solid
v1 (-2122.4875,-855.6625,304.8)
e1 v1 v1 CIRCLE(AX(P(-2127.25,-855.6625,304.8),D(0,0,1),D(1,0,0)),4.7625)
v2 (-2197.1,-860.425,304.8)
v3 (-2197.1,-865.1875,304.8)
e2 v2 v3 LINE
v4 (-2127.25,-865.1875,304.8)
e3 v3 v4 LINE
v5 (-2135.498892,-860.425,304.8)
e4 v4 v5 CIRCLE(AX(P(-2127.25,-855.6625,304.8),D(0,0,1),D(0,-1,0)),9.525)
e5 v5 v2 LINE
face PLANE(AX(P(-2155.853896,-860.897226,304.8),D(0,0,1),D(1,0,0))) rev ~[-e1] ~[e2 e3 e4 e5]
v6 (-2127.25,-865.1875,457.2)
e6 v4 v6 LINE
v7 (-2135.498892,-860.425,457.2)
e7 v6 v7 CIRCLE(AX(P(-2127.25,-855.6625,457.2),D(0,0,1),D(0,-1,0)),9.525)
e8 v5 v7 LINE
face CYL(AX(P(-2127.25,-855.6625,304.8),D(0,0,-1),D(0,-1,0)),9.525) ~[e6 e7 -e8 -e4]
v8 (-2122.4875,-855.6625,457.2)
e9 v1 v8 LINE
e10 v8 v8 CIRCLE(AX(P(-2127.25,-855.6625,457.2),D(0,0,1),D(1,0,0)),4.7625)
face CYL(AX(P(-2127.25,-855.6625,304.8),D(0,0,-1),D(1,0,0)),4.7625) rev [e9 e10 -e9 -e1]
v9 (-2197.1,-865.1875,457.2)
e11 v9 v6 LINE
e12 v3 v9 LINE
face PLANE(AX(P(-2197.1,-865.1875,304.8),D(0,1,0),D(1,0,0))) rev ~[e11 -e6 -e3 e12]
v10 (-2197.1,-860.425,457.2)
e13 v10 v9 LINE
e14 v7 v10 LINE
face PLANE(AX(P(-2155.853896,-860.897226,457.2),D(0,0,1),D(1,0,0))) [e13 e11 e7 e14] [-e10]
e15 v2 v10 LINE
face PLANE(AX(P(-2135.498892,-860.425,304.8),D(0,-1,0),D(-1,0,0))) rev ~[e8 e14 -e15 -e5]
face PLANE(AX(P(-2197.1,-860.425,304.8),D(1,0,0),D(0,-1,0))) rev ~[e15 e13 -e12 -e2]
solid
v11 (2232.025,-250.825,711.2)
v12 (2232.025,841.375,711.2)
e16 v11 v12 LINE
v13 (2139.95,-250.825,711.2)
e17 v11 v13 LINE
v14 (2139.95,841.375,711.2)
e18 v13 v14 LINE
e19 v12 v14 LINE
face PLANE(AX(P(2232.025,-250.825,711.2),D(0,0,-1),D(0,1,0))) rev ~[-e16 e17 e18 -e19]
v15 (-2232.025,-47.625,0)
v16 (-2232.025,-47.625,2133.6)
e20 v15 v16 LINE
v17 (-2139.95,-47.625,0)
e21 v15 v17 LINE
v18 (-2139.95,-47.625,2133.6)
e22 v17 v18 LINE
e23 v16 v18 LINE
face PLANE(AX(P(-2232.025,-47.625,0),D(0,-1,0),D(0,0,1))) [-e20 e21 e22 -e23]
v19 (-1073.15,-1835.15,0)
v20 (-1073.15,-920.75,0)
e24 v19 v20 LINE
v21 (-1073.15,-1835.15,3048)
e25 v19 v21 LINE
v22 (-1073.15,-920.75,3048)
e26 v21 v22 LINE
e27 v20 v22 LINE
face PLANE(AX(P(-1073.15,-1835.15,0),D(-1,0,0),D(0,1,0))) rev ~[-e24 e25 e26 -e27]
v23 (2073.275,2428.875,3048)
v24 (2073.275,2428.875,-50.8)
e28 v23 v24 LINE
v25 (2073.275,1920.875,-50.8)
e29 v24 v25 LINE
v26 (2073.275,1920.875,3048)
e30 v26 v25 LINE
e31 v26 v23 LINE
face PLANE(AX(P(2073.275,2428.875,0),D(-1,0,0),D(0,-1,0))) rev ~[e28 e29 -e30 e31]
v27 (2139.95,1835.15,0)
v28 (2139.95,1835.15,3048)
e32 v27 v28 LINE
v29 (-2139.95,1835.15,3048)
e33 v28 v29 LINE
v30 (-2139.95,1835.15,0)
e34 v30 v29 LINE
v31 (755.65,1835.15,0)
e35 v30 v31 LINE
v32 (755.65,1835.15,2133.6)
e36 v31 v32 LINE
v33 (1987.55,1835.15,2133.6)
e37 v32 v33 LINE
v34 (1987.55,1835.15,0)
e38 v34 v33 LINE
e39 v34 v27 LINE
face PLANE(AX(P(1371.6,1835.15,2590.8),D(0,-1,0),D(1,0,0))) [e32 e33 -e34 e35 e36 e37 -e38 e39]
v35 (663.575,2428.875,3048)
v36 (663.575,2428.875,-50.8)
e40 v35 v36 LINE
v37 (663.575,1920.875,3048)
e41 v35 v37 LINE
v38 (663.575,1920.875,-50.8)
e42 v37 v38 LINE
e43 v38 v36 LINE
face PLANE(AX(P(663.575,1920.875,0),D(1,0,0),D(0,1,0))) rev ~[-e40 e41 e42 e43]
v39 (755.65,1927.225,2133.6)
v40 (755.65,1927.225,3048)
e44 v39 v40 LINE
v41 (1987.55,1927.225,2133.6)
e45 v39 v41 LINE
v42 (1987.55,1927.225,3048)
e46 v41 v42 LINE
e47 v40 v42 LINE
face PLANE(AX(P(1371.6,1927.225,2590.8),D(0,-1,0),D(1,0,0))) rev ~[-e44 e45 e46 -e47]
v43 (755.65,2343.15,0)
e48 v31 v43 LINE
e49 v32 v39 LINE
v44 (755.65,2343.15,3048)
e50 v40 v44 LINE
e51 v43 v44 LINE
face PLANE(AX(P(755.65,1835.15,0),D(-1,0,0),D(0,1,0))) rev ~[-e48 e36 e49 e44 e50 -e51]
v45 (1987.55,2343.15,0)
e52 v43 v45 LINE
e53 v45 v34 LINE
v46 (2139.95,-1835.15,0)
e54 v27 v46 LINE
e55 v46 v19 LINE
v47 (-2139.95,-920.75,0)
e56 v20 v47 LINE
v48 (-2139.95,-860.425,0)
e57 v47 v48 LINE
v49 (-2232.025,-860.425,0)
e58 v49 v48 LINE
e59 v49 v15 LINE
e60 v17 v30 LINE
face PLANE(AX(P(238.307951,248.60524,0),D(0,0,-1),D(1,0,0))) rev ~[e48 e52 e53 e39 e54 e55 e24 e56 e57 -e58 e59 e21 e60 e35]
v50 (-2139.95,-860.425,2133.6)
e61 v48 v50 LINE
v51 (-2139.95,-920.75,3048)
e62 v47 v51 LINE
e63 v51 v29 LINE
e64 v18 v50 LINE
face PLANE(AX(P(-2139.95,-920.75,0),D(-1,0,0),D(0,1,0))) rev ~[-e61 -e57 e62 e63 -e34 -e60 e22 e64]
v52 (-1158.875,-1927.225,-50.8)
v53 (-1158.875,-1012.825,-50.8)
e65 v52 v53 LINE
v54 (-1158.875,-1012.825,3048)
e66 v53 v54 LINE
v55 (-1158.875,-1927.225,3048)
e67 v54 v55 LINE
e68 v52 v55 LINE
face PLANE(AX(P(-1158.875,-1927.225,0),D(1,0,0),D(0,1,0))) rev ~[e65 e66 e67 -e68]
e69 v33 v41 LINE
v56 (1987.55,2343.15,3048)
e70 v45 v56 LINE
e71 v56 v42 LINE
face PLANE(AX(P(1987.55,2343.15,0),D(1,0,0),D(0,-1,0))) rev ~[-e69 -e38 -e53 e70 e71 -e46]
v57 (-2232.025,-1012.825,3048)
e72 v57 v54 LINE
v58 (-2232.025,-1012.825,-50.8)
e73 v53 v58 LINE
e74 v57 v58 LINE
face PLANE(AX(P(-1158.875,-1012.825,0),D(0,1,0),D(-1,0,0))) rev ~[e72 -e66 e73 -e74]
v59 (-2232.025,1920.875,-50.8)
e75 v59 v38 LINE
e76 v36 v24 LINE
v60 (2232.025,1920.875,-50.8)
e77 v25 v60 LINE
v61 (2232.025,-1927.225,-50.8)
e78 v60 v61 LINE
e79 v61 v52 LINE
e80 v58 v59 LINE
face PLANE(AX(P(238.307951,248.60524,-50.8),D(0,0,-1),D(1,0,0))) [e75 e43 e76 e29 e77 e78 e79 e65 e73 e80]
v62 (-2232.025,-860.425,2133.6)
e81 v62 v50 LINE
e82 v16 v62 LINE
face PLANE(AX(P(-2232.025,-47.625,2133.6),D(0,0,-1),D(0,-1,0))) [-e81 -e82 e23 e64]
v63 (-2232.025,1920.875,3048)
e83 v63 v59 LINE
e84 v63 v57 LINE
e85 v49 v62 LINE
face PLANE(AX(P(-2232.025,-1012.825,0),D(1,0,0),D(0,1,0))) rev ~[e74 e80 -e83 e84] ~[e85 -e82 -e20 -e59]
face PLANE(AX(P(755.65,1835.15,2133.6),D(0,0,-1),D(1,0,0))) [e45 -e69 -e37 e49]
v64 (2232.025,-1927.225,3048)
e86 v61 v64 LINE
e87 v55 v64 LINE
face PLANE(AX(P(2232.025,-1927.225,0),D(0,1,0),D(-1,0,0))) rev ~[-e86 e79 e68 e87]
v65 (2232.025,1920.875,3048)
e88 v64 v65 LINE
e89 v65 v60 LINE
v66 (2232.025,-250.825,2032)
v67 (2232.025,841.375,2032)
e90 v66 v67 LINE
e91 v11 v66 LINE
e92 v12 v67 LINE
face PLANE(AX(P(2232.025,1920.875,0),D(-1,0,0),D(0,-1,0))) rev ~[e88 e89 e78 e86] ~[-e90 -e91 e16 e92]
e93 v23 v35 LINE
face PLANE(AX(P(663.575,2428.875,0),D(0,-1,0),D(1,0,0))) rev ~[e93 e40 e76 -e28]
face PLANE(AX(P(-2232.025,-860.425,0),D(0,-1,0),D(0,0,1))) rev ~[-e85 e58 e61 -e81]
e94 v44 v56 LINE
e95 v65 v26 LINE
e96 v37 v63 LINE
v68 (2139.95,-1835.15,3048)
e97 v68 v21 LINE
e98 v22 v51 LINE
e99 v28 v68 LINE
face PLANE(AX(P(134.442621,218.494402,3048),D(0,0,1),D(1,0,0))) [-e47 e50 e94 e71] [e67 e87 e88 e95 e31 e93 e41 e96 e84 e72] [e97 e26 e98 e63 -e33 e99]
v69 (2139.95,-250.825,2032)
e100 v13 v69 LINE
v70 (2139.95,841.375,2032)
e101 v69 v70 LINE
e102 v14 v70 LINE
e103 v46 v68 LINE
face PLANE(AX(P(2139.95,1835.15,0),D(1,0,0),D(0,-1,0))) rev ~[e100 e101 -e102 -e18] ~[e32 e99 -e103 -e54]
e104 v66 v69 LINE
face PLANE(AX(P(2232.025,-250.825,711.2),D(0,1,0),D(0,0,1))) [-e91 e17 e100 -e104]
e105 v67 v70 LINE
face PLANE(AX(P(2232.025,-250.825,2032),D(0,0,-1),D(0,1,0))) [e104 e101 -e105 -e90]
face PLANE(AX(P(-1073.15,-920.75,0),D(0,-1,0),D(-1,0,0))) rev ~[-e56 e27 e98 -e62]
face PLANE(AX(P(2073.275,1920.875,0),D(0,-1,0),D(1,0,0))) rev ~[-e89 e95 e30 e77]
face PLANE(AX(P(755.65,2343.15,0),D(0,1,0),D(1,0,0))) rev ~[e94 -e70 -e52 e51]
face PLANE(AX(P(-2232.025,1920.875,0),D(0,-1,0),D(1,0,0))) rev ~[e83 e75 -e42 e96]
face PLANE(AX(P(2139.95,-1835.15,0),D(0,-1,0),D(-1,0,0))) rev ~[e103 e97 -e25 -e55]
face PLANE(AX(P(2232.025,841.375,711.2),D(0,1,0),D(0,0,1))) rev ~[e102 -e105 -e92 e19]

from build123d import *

# Parameters (mm, degrees)
F1_DEPTH  = 3048
F2_W      = 1092.2
F2_H      = 1320.8
F3_DEPTH  = 101.6
F4_W      = 812.8
F4_H      = 2133.6
F5_DEPTH  = 101.6
F7_DEPTH  = 50.8
F8_W      = 1231.9
F8_H      = 914.4
F9_DEPTH  = 92.075
F11_R     = 4.7625
F12_DEPTH = 152.4


with BuildPart() as f1:
    # F0 (on Top) → F1 (new body)
    with BuildSketch(Plane.XY):
        Polygon((663.575, 2428.875), (663.575, 1920.875), (-2232.025, 1920.875), (-2232.025, -1012.825), (-1158.875, -1012.825), (-1158.875, -1927.225), (2232.025, -1927.225), (2232.025, 1920.875), (2073.275, 1920.875), (2073.275, 2428.875), align=None)
        Polygon((-2139.95, 1835.15), (755.65, 1835.15), (755.65, 2343.15), (1987.55, 2343.15), (1987.55, 1835.15), (2139.95, 1835.15), (2139.95, -1835.15), (-1073.15, -1835.15), (-1073.15, -920.75), (-2139.95, -920.75), align=None, mode=Mode.SUBTRACT)
    extrude(amount=F1_DEPTH)

    # F2 (on face) → F3 (cut)
    with BuildSketch(Plane.YZ.offset(2232.025)):
        with Locations((295.275, 1371.6)):
            Rectangle(F2_W, F2_H)
    extrude(amount=-F3_DEPTH, mode=Mode.SUBTRACT)

    # F4 (on face) → F5 (cut)
    with BuildSketch(Plane(origin=(-2232.025, 0, 0), x_dir=(0, -1, 0), z_dir=(-1, 0, 0))):
        with Locations((454.025, 1066.8)):
            Rectangle(F4_W, F4_H)
    extrude(amount=-F5_DEPTH, mode=Mode.SUBTRACT)

    # F6 (on face) → F7 (join)
    with BuildSketch(Plane(origin=(0, 0, 0), x_dir=(1, 0, 0), z_dir=(0, 0, -1))):
        Polygon((-1158.875, 1012.825), (-2232.025, 1012.825), (-2232.025, 860.425), (-2139.95, 860.425), (-2139.95, 920.75), (-1073.15, 920.75), (-1073.15, 1835.15), (2139.95, 1835.15), (2139.95, -1835.15), (1987.55, -1835.15), (1987.55, -2343.15), (755.65, -2343.15), (755.65, -1835.15), (-2139.95, -1835.15), (-2139.95, 47.625), (-2232.025, 47.625), (-2232.025, -1920.875), (663.575, -1920.875), (663.575, -2428.875), (2073.275, -2428.875), (2073.275, -1920.875), (2232.025, -1920.875), (2232.025, 1927.225), (-1158.875, 1927.225), align=None)
        Polygon((-2139.95, 860.425), (-2232.025, 860.425), (-2232.025, 47.625), (-2139.95, 47.625), (-2139.95, -1835.15), (755.65, -1835.15), (755.65, -2343.15), (1987.55, -2343.15), (1987.55, -1835.15), (2139.95, -1835.15), (2139.95, 1835.15), (-1073.15, 1835.15), (-1073.15, 920.75), (-2139.95, 920.75), align=None)
    extrude(amount=F7_DEPTH)

    # F8 (on face) → F9 (join)
    with BuildSketch(Plane.XZ.offset(-1835.15)):
        with Locations((1371.6, 2590.8)):
            Rectangle(F8_W, F8_H)
    extrude(amount=-F9_DEPTH)


with BuildPart() as f12:
    # F11 (on offset) → F12 (new body)
    with BuildSketch(Plane.XY.offset(304.8)):
        with BuildLine():
            Line((-2197.1, -860.425), (-2197.1, -865.1875))
            Line((-2197.1, -865.1875), (-2127.25, -865.1875))
            ThreePointArc((-2127.25, -865.1875), (-2122.4875, -847.413608029), (-2135.498891971, -860.425))
            Line((-2135.498891971, -860.425), (-2197.1, -860.425))
        make_face()
        with Locations((-2127.25, -855.6625)):
            Circle(F11_R, mode=Mode.SUBTRACT)
    extrude(amount=F12_DEPTH)


solid = Compound([f1.part, f12.part])
